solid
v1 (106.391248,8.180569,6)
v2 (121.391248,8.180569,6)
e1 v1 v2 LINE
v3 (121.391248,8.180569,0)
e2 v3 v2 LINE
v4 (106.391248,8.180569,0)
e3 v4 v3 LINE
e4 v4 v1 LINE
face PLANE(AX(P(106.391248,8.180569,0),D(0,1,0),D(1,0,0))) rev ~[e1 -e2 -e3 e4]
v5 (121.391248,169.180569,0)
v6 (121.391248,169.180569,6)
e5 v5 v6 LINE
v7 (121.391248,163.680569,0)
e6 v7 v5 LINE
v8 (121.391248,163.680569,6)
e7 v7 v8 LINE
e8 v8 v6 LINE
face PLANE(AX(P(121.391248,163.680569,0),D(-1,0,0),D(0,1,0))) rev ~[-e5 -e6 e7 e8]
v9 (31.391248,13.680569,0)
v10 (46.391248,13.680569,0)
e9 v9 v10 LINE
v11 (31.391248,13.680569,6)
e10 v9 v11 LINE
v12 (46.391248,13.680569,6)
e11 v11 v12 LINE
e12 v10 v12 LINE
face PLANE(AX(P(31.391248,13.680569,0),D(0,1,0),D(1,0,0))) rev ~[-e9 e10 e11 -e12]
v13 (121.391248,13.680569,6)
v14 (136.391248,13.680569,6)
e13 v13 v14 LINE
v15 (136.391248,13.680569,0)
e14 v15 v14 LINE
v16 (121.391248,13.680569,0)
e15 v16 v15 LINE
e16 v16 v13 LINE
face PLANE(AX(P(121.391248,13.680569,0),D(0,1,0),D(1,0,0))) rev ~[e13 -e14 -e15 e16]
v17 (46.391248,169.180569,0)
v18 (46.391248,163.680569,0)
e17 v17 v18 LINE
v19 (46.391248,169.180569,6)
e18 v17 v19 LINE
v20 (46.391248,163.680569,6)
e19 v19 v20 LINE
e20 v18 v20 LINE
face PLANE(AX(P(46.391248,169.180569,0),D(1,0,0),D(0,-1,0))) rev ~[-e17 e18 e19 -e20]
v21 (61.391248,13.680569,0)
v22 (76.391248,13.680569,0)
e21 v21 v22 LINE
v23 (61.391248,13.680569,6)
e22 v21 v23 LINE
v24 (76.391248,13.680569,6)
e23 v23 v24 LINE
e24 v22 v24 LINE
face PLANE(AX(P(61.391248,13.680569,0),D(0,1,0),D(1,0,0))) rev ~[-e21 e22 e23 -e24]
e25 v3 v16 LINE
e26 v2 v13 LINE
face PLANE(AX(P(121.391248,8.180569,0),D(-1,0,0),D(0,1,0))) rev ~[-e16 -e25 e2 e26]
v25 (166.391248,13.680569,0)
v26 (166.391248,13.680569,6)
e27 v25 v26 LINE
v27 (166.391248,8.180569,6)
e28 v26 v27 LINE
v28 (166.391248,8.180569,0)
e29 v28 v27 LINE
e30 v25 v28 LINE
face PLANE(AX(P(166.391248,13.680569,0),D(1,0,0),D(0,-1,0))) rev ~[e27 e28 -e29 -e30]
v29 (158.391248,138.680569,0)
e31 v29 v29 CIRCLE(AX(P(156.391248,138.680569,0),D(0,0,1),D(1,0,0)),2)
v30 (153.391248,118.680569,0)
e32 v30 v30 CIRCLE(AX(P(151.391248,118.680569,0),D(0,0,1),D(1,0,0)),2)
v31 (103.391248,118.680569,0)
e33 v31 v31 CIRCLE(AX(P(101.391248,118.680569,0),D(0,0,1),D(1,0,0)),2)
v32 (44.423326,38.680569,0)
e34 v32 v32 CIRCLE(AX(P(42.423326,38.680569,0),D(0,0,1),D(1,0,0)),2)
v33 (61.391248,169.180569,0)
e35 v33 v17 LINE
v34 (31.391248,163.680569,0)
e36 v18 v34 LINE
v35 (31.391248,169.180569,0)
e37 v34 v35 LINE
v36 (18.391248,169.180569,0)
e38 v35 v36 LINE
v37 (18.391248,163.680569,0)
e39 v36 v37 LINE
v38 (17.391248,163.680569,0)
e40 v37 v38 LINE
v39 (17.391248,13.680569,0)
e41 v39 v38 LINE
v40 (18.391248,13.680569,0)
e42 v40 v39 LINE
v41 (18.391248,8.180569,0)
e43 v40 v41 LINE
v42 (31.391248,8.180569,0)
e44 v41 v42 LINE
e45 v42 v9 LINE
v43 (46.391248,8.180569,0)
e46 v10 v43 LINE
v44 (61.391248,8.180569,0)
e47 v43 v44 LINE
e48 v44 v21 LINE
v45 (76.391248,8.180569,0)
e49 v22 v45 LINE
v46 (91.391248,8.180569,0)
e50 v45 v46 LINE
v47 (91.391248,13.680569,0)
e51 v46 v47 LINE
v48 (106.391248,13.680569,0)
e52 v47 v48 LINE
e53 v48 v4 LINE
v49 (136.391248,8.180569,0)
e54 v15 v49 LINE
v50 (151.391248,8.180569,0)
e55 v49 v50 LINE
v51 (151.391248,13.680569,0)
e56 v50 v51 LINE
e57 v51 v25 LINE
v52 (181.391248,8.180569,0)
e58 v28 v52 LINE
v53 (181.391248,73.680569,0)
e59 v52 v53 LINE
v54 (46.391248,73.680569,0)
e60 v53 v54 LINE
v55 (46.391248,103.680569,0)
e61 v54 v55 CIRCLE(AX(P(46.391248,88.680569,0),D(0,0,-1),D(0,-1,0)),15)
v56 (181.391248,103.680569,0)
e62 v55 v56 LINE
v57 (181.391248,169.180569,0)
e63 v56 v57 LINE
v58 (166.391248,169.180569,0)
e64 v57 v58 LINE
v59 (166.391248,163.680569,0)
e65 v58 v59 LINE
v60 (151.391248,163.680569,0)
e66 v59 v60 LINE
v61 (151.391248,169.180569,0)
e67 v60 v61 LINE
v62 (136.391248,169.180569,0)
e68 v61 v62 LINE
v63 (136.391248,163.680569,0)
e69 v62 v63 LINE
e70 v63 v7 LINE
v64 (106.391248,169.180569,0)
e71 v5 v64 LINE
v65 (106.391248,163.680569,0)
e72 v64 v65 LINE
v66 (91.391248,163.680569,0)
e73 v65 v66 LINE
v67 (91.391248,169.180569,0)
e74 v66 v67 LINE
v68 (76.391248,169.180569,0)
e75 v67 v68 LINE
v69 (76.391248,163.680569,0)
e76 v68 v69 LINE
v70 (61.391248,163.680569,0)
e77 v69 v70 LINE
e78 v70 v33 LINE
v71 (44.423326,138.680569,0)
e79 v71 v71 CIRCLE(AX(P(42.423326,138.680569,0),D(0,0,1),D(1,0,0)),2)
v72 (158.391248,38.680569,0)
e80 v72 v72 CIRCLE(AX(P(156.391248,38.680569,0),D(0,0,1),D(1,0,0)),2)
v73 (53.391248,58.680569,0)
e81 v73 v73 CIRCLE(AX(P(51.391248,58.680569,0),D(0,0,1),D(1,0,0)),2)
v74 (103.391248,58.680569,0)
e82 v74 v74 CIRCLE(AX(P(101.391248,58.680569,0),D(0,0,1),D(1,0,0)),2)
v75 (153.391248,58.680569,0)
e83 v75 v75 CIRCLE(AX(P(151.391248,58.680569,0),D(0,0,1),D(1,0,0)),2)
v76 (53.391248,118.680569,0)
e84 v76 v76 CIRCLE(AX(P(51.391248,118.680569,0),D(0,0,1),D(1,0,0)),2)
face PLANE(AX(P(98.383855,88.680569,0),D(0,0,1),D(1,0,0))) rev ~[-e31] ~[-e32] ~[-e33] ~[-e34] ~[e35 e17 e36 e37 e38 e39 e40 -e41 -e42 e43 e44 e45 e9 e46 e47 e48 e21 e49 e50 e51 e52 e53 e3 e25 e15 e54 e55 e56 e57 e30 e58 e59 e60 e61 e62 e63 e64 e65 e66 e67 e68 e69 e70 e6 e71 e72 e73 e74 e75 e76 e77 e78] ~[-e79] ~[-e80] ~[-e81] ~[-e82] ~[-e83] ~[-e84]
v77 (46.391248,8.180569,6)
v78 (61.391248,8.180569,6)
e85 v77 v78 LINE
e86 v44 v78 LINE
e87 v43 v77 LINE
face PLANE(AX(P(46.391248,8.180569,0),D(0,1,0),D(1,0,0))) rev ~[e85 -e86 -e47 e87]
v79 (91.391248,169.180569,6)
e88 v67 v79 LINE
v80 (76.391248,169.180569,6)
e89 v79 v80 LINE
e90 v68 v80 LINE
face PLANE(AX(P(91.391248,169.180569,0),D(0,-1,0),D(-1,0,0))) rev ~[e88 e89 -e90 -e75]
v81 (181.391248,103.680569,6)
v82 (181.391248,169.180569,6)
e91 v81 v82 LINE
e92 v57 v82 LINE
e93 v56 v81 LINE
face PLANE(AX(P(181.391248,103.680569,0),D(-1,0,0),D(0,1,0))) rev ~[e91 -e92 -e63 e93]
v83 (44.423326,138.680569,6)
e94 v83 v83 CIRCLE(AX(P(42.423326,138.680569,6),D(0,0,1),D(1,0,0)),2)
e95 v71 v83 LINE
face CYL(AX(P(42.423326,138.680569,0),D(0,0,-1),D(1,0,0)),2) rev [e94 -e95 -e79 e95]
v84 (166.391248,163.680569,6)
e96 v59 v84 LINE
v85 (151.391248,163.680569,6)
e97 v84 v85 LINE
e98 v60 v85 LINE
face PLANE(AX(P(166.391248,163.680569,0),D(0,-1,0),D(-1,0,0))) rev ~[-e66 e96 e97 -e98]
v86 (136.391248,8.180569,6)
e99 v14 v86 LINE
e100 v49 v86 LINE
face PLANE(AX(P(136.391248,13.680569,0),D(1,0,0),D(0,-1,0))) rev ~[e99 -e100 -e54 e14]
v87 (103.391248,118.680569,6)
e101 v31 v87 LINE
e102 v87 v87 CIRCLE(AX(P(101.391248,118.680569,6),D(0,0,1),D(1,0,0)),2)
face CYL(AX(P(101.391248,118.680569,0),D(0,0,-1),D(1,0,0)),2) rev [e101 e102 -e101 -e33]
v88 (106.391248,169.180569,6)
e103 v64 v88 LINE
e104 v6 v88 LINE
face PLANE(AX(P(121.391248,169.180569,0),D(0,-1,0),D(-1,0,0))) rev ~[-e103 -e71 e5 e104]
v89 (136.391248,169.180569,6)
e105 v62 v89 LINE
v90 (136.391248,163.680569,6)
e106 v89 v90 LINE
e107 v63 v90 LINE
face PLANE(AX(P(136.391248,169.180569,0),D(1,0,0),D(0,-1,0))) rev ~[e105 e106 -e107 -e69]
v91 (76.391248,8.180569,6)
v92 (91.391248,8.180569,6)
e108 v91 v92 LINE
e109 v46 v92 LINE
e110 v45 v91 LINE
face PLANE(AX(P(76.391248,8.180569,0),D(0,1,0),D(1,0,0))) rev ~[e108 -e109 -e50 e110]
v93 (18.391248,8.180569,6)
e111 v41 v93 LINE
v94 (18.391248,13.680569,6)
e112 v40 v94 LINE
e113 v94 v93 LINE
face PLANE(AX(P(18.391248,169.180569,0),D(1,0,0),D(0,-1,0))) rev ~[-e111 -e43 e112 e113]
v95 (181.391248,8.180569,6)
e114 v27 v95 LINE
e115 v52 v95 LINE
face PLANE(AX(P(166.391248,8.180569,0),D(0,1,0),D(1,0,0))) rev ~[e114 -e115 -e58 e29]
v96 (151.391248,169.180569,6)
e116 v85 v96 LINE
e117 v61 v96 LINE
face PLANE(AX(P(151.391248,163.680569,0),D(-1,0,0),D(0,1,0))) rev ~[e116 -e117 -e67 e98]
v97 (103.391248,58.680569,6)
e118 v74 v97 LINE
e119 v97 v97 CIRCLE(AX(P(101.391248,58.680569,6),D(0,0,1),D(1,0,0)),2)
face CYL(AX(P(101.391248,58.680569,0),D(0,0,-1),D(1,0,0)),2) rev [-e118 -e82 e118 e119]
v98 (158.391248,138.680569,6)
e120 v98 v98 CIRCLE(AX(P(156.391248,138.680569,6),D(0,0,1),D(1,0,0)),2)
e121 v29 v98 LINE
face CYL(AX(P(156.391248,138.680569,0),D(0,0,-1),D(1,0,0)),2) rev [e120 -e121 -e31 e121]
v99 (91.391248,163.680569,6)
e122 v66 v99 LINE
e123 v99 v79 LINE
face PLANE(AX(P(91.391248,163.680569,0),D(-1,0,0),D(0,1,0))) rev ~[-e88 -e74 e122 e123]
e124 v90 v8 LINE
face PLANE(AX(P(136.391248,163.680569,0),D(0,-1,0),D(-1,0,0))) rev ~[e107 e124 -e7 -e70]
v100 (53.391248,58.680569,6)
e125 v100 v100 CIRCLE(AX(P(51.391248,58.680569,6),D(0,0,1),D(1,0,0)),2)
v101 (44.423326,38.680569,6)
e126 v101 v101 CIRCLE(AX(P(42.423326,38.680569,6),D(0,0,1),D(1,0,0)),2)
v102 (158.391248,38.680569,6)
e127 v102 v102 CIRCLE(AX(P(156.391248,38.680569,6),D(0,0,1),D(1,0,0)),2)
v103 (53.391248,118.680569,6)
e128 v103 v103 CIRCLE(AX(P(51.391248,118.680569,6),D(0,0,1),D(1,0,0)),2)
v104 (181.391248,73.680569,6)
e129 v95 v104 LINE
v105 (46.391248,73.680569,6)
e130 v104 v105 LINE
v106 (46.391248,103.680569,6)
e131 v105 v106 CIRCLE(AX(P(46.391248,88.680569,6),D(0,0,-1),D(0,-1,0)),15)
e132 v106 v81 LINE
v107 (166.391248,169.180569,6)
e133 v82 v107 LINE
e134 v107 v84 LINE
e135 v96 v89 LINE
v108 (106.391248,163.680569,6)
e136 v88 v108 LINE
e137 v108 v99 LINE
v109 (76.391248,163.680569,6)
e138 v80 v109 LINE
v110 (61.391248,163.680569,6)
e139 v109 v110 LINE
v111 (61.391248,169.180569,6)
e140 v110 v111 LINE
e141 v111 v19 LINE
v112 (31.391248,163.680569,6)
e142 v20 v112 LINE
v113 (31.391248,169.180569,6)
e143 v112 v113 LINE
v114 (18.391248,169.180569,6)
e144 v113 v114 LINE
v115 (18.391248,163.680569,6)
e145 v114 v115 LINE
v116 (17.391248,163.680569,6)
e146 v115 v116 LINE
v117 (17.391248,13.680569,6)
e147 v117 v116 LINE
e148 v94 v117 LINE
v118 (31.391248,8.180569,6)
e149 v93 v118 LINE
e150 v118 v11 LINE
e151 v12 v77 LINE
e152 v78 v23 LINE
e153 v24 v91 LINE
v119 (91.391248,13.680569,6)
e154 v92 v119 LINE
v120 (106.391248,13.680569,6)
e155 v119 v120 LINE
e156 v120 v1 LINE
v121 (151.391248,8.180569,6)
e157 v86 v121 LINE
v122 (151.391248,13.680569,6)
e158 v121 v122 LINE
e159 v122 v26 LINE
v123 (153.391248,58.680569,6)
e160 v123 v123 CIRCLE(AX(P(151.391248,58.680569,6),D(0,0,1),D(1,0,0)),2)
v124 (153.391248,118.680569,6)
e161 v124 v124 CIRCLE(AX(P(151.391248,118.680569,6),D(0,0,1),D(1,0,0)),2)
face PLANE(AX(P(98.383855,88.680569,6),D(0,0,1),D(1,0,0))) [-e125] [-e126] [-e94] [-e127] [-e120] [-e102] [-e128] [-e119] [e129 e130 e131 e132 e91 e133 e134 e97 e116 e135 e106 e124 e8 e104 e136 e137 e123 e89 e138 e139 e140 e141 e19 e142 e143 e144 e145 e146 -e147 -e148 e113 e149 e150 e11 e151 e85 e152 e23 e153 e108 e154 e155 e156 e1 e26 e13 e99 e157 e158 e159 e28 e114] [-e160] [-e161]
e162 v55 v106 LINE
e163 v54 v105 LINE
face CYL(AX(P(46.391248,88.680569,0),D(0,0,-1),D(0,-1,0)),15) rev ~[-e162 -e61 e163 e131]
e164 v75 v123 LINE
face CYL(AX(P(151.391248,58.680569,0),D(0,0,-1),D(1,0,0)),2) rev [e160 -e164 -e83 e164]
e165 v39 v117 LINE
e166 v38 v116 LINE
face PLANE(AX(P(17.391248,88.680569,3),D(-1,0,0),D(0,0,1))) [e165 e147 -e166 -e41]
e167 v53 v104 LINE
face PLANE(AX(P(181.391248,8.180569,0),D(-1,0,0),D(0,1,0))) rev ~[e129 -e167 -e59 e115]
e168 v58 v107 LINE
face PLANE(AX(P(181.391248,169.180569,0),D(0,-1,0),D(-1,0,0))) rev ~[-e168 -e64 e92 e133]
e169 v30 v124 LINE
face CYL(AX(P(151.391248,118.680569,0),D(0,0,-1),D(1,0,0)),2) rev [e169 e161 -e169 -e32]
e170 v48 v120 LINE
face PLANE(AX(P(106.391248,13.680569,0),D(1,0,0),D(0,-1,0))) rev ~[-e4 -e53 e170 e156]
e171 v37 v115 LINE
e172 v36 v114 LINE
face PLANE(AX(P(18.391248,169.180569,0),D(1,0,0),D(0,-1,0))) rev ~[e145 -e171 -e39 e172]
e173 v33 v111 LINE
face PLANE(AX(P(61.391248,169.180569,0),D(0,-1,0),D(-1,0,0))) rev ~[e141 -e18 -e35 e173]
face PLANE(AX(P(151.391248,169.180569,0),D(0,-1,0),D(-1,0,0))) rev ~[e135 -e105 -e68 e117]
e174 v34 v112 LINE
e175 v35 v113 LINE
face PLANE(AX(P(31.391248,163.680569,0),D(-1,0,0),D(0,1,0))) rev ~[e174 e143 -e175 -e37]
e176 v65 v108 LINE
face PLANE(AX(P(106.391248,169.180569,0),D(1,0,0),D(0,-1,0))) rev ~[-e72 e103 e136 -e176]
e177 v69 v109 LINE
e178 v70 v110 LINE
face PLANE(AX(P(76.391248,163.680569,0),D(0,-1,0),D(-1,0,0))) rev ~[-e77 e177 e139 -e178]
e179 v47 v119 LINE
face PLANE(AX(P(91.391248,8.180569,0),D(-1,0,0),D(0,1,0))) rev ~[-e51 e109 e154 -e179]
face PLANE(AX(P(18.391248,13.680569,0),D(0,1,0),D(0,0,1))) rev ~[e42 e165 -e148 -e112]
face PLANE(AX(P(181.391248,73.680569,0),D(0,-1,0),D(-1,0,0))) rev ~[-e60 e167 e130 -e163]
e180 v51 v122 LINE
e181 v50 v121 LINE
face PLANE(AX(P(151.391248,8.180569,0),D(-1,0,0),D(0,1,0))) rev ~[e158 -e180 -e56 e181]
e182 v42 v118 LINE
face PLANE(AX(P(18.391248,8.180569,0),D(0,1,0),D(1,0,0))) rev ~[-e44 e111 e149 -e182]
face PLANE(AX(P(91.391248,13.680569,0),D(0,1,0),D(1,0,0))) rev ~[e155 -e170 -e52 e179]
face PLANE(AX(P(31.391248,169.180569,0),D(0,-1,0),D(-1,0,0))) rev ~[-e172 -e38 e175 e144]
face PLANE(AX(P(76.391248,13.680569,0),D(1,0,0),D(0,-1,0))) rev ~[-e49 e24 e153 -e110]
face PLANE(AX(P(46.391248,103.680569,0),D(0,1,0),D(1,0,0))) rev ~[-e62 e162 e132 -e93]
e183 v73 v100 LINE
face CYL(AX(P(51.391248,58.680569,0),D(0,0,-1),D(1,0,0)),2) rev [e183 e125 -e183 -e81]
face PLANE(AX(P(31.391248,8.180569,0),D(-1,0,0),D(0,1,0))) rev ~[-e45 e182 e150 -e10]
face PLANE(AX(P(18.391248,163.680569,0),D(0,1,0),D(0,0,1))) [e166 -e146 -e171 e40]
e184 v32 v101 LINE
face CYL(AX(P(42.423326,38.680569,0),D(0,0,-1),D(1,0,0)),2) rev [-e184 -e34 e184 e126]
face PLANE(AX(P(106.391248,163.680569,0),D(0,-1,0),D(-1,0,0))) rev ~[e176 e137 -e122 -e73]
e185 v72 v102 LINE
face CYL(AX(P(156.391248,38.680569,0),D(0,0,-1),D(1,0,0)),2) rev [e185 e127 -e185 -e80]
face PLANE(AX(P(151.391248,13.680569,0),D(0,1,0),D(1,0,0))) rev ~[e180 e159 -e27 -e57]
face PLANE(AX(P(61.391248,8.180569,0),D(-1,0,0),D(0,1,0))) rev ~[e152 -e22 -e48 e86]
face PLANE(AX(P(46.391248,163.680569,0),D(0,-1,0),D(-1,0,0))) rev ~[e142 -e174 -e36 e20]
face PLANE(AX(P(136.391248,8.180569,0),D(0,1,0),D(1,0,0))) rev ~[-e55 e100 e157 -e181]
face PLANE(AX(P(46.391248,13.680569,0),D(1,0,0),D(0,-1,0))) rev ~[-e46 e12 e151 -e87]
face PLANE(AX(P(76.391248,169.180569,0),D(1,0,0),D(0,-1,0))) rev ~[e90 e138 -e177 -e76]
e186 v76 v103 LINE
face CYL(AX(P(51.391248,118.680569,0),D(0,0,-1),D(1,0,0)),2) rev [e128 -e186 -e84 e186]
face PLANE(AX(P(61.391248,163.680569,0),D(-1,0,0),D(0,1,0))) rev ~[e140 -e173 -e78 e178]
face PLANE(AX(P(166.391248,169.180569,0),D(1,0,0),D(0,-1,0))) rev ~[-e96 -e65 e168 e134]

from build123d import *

# Parameters (mm, degrees)
MODEL_R             = 2
BOSS_EXTRUDE1_DEPTH = 6
SKETCH2_W           = 6
SKETCH2_H           = 150
BOSS_EXTRUDE2_DEPTH = 1


with BuildPart() as part:
    # Model → Boss-Extrude1 (new body)
    with BuildSketch(Plane.XY):
        with BuildLine():
            Line((31.391248016, 13.680569099), (46.391248016, 13.680569099))
            Line((46.391248016, 13.680569099), (46.391248016, 8.180569099))
            Line((46.391248016, 8.180569099), (61.391248016, 8.180569099))
            Line((61.391248016, 8.180569099), (61.391248016, 13.680569099))
            Line((61.391248016, 13.680569099), (76.391248016, 13.680569099))
            Line((76.391248016, 13.680569099), (76.391248016, 8.180569099))
            Line((76.391248016, 8.180569099), (91.391248016, 8.180569099))
            Line((91.391248016, 8.180569099), (91.391248016, 13.680569099))
            Line((91.391248016, 13.680569099), (106.391248016, 13.680569099))
            Line((106.391248016, 13.680569099), (106.391248016, 8.180569099))
            Line((106.391248016, 8.180569099), (121.391248016, 8.180569099))
            Line((121.391248016, 8.180569099), (121.391248016, 13.680569099))
            Line((121.391248016, 13.680569099), (136.391248016, 13.680569099))
            Line((136.391248016, 13.680569099), (136.391248016, 8.180569099))
            Line((136.391248016, 8.180569099), (151.391248016, 8.180569099))
            Line((151.391248016, 8.180569099), (151.391248016, 13.680569099))
            Line((151.391248016, 13.680569099), (166.391248016, 13.680569099))
            Line((166.391248016, 13.680569099), (166.391248016, 8.180569099))
            Line((166.391248016, 8.180569099), (181.391248016, 8.180569099))
            Line((181.391248016, 8.180569099), (181.391248016, 73.680569099))
            Line((181.391248016, 73.680569099), (46.391248016, 73.680569099))
            ThreePointArc((46.391248016, 73.680569099), (31.391248016, 88.680569099), (46.391248016, 103.680569099))
            Line((46.391248016, 103.680569099), (181.391248016, 103.680569099))
            Line((181.391248016, 103.680569099), (181.391248016, 169.180569099))
            Line((181.391248016, 169.180569099), (166.391248016, 169.180569099))
            Line((166.391248016, 169.180569099), (166.391248016, 163.680569099))
            Line((166.391248016, 163.680569099), (151.391248016, 163.680569099))
            Line((151.391248016, 163.680569099), (151.391248016, 169.180569099))
            Line((151.391248016, 169.180569099), (136.391248016, 169.180569099))
            Line((136.391248016, 169.180569099), (136.391248016, 163.680569099))
            Line((136.391248016, 163.680569099), (121.391248016, 163.680569099))
            Line((121.391248016, 163.680569099), (121.391248016, 169.180569099))
            Line((121.391248016, 169.180569099), (106.391248016, 169.180569099))
            Line((106.391248016, 169.180569099), (106.391248016, 163.680569099))
            Line((106.391248016, 163.680569099), (91.391248016, 163.680569099))
            Line((91.391248016, 163.680569099), (91.391248016, 169.180569099))
            Line((91.391248016, 169.180569099), (76.391248016, 169.180569099))
            Line((76.391248016, 169.180569099), (76.391248016, 163.680569099))
            Line((76.391248016, 163.680569099), (61.391248016, 163.680569099))
            Line((61.391248016, 163.680569099), (61.391248016, 169.180569099))
            Line((61.391248016, 169.180569099), (46.391248016, 169.180569099))
            Line((46.391248016, 169.180569099), (46.391248016, 163.680569099))
            Line((46.391248016, 163.680569099), (31.391248016, 163.680569099))
            Line((31.391248016, 163.680569099), (31.391248016, 169.180569099))
            Line((31.391248016, 169.180569099), (18.391248016, 169.180569099))
            Line((18.391248016, 169.180569099), (18.391248016, 8.180569099))
            Line((18.391248016, 8.180569099), (31.391248016, 8.180569099))
            Line((31.391248016, 8.180569099), (31.391248016, 13.680569099))
        make_face()
        with Locations((51.391248016, 58.680569099)):
            Circle(MODEL_R, mode=Mode.SUBTRACT)
        with Locations((101.391248016, 58.680569099)):
            Circle(MODEL_R, mode=Mode.SUBTRACT)
        with Locations((151.391248016, 58.680569099)):
            Circle(MODEL_R, mode=Mode.SUBTRACT)
        with Locations((42.423326125, 38.680569099)):
            Circle(MODEL_R, mode=Mode.SUBTRACT)
        with Locations((156.391248016, 38.680569099)):
            Circle(MODEL_R, mode=Mode.SUBTRACT)
        with Locations((51.391248016, 118.680569099)):
            Circle(MODEL_R, mode=Mode.SUBTRACT)
        with Locations((101.391248016, 118.680569099)):
            Circle(MODEL_R, mode=Mode.SUBTRACT)
        with Locations((151.391248016, 118.680569099)):
            Circle(MODEL_R, mode=Mode.SUBTRACT)
        with Locations((42.423326125, 138.680569099)):
            Circle(MODEL_R, mode=Mode.SUBTRACT)
        with Locations((156.391248016, 138.680569099)):
            Circle(MODEL_R, mode=Mode.SUBTRACT)
    extrude(amount=BOSS_EXTRUDE1_DEPTH)

    # Sketch2 → Boss-Extrude2 (add)
    with BuildSketch(Plane.ZY.offset(-18.391248016)):
        with Locations((3, 88.680569099)):
            Rectangle(SKETCH2_W, SKETCH2_H)
    extrude(amount=BOSS_EXTRUDE2_DEPTH)


solid = part.part
